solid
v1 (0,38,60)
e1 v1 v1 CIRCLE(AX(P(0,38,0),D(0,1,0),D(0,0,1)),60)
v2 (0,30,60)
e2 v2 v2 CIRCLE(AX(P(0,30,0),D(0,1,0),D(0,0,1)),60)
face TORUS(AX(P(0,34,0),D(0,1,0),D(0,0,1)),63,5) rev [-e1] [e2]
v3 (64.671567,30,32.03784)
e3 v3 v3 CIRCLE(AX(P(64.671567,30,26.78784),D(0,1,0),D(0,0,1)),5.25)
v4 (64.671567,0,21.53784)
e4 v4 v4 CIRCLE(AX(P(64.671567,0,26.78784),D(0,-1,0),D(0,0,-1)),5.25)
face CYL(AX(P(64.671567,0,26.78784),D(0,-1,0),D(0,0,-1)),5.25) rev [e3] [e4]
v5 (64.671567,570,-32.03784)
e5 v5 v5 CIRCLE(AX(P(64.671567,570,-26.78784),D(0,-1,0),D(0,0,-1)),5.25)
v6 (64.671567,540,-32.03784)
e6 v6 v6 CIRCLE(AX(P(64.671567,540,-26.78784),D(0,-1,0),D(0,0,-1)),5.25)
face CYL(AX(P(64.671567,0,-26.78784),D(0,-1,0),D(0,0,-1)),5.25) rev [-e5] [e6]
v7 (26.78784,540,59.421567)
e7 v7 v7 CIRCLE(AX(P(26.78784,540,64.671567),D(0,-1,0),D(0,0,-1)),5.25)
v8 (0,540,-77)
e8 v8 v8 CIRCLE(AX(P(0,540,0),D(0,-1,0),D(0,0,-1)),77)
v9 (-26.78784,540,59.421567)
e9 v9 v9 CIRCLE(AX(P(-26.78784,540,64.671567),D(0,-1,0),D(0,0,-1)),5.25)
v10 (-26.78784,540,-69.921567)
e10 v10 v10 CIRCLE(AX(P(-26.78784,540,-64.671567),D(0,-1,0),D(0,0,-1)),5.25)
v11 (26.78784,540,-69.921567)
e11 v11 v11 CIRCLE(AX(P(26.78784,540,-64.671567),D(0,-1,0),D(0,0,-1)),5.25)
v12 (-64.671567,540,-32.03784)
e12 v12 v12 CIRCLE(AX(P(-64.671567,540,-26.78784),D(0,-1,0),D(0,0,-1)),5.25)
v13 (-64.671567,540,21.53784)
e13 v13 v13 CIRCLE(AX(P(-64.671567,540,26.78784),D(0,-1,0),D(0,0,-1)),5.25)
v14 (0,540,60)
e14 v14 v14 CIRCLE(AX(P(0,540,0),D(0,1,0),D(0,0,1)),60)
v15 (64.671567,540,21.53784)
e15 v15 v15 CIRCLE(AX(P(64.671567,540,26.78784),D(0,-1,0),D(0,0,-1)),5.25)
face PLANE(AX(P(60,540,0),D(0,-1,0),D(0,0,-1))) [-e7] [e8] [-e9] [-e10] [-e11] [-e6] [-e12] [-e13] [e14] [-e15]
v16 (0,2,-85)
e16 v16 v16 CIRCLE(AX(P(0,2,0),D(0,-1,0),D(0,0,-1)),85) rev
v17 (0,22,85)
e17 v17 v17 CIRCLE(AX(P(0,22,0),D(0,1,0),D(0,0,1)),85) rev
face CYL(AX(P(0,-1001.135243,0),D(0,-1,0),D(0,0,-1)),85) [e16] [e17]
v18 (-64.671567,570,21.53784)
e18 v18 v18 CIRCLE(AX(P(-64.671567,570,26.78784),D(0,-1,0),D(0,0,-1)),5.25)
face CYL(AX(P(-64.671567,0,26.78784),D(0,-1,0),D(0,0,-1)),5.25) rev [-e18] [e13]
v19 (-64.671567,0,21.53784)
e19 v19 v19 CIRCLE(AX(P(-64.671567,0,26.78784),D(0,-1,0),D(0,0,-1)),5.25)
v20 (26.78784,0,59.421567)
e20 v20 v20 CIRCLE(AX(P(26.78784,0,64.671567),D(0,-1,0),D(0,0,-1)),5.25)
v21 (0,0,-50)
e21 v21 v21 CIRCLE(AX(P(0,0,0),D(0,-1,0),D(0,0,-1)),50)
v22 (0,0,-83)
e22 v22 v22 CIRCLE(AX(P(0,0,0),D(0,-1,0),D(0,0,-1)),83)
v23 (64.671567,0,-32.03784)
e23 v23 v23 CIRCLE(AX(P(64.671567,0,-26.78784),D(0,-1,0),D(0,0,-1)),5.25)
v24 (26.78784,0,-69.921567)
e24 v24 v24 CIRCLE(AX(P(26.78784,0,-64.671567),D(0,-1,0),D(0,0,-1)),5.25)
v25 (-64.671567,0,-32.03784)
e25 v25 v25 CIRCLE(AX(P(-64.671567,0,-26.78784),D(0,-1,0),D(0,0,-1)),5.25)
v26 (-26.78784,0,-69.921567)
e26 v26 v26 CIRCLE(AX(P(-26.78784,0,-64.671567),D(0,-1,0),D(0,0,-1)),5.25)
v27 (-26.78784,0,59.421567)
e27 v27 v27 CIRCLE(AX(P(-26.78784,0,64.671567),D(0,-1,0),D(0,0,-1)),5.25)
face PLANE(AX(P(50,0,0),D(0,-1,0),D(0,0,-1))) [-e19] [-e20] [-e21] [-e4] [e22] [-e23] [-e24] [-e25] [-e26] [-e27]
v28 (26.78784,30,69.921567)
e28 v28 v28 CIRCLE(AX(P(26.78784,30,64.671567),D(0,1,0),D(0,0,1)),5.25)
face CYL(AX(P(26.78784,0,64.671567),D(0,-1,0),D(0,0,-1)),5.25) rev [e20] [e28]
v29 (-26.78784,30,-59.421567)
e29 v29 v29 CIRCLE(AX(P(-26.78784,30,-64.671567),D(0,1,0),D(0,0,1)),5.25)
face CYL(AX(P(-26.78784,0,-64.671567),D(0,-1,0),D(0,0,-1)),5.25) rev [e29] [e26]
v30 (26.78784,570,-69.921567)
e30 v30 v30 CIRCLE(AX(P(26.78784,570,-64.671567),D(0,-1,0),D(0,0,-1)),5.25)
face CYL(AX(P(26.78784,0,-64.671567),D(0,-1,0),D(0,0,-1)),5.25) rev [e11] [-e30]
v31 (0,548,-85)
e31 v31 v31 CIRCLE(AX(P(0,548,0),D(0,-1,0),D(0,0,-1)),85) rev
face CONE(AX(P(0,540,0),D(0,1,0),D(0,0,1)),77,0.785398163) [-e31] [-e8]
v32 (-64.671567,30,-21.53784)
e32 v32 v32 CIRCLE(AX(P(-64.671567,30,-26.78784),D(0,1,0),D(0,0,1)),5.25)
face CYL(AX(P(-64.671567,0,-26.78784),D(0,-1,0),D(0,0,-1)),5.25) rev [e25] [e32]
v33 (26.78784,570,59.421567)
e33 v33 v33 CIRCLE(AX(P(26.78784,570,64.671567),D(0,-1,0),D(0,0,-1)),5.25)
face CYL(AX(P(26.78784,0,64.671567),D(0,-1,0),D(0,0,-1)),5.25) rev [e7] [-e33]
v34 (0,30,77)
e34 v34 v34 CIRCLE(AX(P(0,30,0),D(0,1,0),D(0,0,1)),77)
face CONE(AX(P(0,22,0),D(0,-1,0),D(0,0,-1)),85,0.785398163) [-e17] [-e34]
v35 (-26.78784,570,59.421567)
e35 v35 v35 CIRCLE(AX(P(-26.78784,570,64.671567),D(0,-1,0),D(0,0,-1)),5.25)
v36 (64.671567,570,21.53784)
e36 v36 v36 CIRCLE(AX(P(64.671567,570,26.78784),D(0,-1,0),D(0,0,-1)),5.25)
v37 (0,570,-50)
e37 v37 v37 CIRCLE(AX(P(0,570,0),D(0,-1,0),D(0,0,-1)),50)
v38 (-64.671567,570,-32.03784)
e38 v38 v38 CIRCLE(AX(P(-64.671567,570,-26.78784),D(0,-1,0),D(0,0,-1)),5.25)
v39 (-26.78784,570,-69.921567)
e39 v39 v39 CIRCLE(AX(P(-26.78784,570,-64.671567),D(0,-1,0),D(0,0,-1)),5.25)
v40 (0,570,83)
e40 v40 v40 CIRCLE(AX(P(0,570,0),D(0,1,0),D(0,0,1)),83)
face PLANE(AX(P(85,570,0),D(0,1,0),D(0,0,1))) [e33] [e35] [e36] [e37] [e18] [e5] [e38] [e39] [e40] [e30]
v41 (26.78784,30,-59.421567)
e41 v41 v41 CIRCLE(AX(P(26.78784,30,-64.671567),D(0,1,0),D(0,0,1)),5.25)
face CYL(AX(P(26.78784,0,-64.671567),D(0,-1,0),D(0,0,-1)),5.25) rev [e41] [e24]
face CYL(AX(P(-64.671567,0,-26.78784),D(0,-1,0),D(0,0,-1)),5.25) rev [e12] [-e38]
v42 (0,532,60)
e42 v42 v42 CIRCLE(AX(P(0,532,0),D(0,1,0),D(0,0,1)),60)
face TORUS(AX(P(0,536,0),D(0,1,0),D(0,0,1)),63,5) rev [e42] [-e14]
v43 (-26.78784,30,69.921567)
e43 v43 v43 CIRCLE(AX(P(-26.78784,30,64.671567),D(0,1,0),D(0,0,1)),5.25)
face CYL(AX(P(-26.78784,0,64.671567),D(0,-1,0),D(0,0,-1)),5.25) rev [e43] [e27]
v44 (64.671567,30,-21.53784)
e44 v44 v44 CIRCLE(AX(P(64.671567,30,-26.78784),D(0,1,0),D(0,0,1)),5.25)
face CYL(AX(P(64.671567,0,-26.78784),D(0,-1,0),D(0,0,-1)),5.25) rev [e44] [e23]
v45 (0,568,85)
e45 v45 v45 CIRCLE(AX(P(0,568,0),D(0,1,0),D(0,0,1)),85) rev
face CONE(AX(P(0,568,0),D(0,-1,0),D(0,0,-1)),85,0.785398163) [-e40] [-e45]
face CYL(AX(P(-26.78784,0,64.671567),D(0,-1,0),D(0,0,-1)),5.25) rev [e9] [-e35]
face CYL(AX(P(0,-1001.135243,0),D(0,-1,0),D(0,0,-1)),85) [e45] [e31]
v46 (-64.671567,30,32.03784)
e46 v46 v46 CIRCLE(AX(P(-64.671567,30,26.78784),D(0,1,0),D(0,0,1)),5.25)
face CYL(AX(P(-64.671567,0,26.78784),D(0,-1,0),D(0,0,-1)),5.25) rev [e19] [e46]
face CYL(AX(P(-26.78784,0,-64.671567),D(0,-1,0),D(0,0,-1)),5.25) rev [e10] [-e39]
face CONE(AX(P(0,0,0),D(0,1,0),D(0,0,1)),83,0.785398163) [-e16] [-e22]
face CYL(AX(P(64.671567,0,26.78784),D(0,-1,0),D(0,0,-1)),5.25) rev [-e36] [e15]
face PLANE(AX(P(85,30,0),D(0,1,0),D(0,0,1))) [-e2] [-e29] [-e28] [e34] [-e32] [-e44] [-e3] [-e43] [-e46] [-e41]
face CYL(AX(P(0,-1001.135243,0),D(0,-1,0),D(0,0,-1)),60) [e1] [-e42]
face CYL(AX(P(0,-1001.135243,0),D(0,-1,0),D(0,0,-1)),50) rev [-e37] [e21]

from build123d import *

# Parameters (mm, degrees)
M12X1_5_1_D              = 10.5
PATTERN_CIRCULAR_1_COUNT = 8
CHAMFER_1_SIZE           = 8
CHAMFER_2_SIZE           = 2


with BuildPart() as part:
    # 草圖1 → 旋轉1 (revolve)
    with BuildSketch(Plane.XY, mode=Mode.PRIVATE) as revolve_1_sk:
        Polygon((50, 0), (85, 0), (85, 30), (60, 30), (60, 540), (85, 540), (85, 570), (50, 570), align=None)
    revolve(revolve_1_sk.sketch.rotate(Axis((0, -1001.13524313, 0), (0, 1, 0)), 90), axis=Axis((0, -1001.13524313, 0), (0, 1, 0)))

    # 草圖2 → 除料-旋轉1 (revolve, cut)
    with BuildSketch(Plane.XY, mode=Mode.PRIVATE) as cut_revolve_1_sk:
        with BuildLine():
            Line((60, 540), (60, 532))
            ThreePointArc((60, 532), (58, 536), (60, 540))
        make_face()
        with BuildLine():
            Line((60, 38), (60, 30))
            ThreePointArc((60, 30), (58, 34), (60, 38))
        make_face()
    revolve(cut_revolve_1_sk.sketch.rotate(Axis((0, -1001.13524313, 0), (0, -1, 0)), 90), axis=Axis((0, -1001.13524313, 0), (0, -1, 0)), mode=Mode.SUBTRACT)

    # M12x1.5 螺紋孔1 (through all)
    with Locations(Plane.XZ):
        with Locations((-64.671567276, 26.787840266)):
            m12x1_5_1 = Hole(M12X1_5_1_D / 2)

    # 環狀複製排列1: M12x1.5 螺紋孔1 ×8 about axis
    pattern_circular_1_axis = Axis((0, 0, 0), (0, 1, 0))
    for i in range(1, PATTERN_CIRCULAR_1_COUNT):
        add(m12x1_5_1.rotate(pattern_circular_1_axis, i * 360 / PATTERN_CIRCULAR_1_COUNT), mode=Mode.SUBTRACT)

    # 導角1
    chamfer_1_edges = [part.edges().sort_by_distance(p)[0] for p in [
        (0, 540, 85),
        (0, 30, 85),
    ]]
    chamfer(chamfer_1_edges, length=CHAMFER_1_SIZE)

    # 導角2
    chamfer_2_edges = [part.edges().sort_by_distance(p)[0] for p in [
        (0, 570, 85),
        (0, 0, 85),
    ]]
    chamfer(chamfer_2_edges, length=CHAMFER_2_SIZE)


solid = part.part
